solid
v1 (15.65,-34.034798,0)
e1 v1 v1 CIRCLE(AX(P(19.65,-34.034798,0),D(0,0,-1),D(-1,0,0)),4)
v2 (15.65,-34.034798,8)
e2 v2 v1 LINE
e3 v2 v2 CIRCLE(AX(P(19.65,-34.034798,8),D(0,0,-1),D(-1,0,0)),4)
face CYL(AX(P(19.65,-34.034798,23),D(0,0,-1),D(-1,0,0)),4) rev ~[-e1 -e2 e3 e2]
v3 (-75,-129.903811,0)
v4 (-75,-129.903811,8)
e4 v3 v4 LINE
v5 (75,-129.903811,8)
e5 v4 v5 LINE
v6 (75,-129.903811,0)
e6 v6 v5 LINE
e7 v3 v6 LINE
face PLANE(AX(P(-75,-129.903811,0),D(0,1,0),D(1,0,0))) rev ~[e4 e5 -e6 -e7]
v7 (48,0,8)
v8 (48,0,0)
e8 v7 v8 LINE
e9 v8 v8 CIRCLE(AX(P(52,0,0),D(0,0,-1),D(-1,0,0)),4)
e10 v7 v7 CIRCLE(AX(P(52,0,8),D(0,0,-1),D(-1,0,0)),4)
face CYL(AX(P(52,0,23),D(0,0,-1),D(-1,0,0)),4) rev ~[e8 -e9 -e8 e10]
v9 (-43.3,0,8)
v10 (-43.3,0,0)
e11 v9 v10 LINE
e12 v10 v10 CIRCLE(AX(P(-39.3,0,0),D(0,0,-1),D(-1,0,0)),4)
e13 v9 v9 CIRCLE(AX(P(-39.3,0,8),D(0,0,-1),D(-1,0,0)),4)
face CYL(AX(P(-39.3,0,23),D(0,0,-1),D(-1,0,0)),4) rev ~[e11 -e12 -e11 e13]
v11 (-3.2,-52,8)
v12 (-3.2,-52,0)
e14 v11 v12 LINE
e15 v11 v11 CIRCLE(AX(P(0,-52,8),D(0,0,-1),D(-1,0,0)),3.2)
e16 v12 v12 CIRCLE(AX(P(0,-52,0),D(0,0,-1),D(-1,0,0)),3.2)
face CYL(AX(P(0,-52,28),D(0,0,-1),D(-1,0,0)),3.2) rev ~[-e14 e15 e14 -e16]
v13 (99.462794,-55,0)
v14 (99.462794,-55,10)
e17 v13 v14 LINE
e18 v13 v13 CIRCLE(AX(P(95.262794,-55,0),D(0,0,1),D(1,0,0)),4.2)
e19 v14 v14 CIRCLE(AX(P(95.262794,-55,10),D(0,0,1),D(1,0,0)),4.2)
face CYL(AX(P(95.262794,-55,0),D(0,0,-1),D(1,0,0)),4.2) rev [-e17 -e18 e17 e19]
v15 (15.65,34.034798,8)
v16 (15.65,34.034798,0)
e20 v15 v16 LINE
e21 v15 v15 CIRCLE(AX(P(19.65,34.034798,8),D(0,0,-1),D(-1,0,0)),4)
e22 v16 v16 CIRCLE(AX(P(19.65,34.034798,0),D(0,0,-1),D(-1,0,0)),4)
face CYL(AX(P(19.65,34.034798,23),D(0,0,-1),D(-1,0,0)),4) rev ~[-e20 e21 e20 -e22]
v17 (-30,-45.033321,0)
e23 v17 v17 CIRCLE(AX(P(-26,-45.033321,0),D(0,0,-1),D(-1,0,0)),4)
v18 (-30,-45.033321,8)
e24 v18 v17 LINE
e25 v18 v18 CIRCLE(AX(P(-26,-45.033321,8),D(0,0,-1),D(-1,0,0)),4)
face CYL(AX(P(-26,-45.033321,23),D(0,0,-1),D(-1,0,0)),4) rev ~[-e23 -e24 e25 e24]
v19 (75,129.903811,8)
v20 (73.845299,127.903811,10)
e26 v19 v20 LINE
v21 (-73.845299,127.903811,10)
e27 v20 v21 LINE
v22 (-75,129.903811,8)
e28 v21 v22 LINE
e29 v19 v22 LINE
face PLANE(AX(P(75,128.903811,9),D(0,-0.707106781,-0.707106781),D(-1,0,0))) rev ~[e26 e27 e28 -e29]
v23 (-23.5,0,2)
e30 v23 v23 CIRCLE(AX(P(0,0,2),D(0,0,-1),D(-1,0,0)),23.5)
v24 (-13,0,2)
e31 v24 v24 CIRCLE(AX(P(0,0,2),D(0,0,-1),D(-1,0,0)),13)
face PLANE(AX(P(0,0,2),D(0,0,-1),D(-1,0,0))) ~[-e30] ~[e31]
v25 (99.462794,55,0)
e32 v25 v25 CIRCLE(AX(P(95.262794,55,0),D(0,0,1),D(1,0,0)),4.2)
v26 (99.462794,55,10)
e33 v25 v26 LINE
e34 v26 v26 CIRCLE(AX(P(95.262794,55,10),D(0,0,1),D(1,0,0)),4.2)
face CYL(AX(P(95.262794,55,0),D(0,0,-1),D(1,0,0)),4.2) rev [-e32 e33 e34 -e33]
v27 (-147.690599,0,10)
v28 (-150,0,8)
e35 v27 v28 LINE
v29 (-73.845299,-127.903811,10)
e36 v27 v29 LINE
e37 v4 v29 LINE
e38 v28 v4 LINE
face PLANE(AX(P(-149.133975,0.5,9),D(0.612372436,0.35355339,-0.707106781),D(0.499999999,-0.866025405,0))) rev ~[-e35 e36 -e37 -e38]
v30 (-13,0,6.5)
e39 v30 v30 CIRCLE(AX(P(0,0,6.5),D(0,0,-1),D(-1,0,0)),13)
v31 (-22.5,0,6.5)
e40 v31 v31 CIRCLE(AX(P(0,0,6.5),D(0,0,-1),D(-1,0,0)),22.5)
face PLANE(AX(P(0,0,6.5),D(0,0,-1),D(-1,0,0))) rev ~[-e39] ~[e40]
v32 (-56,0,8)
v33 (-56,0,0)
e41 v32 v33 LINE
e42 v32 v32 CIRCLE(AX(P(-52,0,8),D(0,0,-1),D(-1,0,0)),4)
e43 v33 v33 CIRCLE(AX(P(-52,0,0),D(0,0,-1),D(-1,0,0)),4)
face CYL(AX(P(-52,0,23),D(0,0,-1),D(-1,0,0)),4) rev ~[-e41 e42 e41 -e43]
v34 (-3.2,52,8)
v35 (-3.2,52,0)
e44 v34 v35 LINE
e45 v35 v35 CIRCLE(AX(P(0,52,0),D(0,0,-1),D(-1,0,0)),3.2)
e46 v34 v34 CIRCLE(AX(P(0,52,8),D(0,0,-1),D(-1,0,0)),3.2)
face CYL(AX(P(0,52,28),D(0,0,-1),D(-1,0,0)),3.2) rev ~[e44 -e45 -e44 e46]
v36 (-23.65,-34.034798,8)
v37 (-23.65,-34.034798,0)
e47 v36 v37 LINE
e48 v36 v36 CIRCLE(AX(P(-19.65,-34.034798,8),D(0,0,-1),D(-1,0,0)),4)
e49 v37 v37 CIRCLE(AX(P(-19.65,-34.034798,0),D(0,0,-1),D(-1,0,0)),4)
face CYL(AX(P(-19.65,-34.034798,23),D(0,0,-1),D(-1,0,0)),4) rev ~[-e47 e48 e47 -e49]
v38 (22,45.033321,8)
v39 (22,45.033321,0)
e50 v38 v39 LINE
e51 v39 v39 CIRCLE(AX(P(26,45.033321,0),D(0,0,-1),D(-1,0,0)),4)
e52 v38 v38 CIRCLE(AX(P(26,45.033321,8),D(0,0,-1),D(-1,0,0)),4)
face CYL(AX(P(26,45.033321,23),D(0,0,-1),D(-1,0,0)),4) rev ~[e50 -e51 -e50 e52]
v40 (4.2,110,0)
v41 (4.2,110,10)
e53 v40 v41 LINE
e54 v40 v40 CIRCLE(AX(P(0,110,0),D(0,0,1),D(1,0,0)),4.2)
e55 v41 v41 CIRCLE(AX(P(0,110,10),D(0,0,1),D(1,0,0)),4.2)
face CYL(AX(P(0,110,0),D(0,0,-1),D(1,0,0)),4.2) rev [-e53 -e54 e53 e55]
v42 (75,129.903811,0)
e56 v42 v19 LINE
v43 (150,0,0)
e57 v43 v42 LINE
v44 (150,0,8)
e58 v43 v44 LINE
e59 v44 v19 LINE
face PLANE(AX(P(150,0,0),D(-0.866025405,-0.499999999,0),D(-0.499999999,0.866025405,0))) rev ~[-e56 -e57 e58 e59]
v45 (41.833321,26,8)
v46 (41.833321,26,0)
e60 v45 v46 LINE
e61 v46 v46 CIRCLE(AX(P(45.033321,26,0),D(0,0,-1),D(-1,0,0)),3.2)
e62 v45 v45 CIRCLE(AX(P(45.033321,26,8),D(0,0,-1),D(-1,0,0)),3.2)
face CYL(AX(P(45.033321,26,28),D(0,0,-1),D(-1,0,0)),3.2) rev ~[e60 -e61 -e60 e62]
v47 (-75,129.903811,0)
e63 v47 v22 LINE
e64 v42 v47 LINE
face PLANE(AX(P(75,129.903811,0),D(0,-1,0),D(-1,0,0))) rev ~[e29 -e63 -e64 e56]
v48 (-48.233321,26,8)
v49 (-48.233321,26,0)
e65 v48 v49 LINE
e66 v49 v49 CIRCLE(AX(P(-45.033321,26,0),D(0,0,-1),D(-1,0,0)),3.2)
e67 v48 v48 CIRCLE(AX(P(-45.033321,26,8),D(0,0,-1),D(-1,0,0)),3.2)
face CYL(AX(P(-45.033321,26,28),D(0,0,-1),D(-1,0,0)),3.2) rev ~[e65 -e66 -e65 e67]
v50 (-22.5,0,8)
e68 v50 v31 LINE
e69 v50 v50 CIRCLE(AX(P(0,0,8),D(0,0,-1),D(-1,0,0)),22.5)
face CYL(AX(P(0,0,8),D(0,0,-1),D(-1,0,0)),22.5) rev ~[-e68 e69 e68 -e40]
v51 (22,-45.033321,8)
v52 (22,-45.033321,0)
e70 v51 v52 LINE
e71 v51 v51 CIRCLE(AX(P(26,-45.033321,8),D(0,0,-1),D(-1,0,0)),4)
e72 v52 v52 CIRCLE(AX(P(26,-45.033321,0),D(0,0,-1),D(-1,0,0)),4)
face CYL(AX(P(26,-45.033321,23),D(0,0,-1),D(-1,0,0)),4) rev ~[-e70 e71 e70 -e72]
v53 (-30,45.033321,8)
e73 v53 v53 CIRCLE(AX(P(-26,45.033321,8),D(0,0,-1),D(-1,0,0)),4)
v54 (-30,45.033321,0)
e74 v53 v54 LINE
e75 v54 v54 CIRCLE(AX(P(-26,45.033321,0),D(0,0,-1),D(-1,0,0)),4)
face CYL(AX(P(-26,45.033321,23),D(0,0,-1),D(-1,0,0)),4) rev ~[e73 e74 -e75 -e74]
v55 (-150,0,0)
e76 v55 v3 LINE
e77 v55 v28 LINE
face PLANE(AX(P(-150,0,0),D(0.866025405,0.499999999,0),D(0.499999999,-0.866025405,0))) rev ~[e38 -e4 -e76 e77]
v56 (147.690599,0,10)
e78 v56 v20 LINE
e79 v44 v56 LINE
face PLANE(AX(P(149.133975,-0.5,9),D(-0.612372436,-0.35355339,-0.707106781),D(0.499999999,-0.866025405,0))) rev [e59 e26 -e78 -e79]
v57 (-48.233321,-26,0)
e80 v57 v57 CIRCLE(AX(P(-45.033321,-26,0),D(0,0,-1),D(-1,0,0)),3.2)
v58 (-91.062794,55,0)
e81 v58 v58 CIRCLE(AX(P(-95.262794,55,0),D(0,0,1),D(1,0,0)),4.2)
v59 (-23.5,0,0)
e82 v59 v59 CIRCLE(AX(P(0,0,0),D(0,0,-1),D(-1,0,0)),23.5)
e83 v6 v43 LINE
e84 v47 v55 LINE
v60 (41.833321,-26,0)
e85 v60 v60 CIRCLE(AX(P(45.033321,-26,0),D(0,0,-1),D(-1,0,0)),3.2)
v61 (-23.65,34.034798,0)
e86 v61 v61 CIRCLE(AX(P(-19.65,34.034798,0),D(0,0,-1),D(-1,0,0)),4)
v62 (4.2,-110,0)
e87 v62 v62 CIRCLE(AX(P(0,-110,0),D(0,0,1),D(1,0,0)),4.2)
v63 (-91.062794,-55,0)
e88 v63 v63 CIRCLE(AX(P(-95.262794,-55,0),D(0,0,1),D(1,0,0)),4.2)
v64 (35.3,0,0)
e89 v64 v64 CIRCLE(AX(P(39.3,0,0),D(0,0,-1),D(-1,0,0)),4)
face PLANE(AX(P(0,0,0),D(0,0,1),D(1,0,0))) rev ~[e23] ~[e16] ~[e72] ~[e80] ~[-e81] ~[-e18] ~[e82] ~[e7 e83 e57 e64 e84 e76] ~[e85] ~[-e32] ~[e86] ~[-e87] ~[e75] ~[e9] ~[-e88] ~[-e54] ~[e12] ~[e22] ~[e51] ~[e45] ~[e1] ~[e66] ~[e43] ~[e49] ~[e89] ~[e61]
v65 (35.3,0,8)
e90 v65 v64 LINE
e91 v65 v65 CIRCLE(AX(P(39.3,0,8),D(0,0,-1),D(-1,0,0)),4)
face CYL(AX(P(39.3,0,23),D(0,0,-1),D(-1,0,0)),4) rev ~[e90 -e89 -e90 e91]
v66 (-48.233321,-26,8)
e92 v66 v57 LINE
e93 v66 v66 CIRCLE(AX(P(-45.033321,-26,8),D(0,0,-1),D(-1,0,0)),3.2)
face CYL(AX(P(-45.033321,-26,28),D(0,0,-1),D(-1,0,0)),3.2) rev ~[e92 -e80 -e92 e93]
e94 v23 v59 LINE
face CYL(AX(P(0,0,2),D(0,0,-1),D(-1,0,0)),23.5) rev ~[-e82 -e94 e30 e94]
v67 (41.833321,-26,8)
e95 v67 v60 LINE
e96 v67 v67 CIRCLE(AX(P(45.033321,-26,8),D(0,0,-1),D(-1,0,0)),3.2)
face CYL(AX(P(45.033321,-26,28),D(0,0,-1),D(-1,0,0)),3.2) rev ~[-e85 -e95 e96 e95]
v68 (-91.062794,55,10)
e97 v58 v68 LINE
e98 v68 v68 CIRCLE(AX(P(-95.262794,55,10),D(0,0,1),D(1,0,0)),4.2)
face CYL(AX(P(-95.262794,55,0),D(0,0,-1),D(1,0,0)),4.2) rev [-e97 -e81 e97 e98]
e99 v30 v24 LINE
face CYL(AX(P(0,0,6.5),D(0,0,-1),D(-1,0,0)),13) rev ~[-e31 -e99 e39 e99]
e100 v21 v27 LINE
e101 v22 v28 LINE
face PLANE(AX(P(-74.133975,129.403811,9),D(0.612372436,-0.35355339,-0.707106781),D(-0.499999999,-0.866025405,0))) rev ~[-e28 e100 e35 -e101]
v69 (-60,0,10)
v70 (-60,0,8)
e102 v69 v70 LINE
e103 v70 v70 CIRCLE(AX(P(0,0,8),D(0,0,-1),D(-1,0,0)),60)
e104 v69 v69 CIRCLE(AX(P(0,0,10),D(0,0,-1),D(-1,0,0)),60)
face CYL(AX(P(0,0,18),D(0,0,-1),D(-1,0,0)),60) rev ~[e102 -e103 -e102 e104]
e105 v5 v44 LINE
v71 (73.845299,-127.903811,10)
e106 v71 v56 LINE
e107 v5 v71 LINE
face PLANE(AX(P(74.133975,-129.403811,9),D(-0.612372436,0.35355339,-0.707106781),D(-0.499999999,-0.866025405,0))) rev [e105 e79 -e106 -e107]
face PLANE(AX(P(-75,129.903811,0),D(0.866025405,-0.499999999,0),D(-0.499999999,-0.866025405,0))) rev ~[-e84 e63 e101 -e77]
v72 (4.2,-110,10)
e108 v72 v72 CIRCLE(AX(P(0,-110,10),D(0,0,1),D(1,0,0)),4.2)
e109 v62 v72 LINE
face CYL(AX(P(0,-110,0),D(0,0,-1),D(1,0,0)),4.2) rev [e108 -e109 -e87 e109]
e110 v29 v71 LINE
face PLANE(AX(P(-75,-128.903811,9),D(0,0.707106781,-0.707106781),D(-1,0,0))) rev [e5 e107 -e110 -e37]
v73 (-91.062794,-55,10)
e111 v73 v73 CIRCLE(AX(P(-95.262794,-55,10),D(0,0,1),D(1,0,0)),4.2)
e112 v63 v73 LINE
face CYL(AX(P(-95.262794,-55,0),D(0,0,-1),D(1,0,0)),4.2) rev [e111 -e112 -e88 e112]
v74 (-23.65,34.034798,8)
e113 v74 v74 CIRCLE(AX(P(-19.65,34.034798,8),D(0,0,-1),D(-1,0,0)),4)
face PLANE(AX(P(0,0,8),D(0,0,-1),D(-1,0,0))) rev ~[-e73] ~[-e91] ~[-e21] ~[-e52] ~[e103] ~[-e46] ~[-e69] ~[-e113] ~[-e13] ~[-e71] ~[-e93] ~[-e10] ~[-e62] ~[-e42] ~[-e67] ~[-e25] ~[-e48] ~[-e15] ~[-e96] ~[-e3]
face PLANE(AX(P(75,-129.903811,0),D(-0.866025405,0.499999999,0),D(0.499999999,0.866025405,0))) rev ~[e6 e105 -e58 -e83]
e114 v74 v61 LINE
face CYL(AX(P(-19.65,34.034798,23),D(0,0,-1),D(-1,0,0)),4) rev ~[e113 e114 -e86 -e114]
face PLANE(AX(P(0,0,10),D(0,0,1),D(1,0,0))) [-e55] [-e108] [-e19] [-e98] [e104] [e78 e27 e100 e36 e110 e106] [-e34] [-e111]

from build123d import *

# Parameters (mm, degrees)
F0_R     = 4.2
F1_DEPTH = 10
F5_D     = 8
F5_DEPTH = 15
F6_D     = 6.4
F6_DEPTH = 20
F7_SIZE  = 2


with BuildPart() as f1:
    # F0 (on Top) → F1 (new body)
    with BuildSketch(Plane.XY):
        Polygon((75, -129.903811), (150, 0), (75, 129.903811), (-75, 129.903811), (-150, 0), (-75, -129.903811), align=None)
        with Locations((-95.262794, -55)):
            Circle(F0_R, mode=Mode.SUBTRACT)
        with Locations((0, -110)):
            Circle(F0_R, mode=Mode.SUBTRACT)
        with Locations((95.262794, -55)):
            Circle(F0_R, mode=Mode.SUBTRACT)
        with Locations((-95.262794, 55)):
            Circle(F0_R, mode=Mode.SUBTRACT)
        with Locations((95.262794, 55)):
            Circle(F0_R, mode=Mode.SUBTRACT)
        with Locations((0, 110)):
            Circle(F0_R, mode=Mode.SUBTRACT)
    extrude(amount=F1_DEPTH)

    # F2 (on Front) → F3 (revolve, cut)
    with BuildSketch(Plane.XZ):
        Polygon((-23.5, 2), (-23.5, -10), (0, -10), (0, 18), (-60, 18), (-60, 8), (-22.5, 8), (-22.5, 6.5), (-13, 6.5), (-13, 2), align=None)
    revolve(axis=Axis((0, 0, -2.490325), (0, 0, -1)), mode=Mode.SUBTRACT)

    # F5
    with Locations(Plane.XY.offset(8)):
        with Locations((-26, 45.033321), (-52, 0), (-26, -45.033321), (26, -45.033321), (52, 0), (26, 45.033321), (-19.65, 34.034798), (-39.3, 0), (-19.65, -34.034798), (19.65, -34.034798), (39.3, 0), (19.65, 34.034798)):
            Hole(F5_D / 2, depth=F5_DEPTH)

    # F6
    with Locations(Plane.XY.offset(8)):
        with Locations((0, 52), (-45.033321, 26), (-45.033321, -26), (0, -52), (45.033321, -26), (45.033321, 26)):
            Hole(F6_D / 2, depth=F6_DEPTH)

    # F7
    f7_edges = [f1.edges().sort_by_distance(p)[0] for p in [
        (0, -129.903811, 10),
        (112.5, -64.951905, 10),
        (112.5, 64.951905, 10),
        (0, 129.903811, 10),
        (-112.5, 64.951905, 10),
        (-112.5, -64.951905, 10),
    ]]
    chamfer(f7_edges, length=F7_SIZE)


solid = f1.part
